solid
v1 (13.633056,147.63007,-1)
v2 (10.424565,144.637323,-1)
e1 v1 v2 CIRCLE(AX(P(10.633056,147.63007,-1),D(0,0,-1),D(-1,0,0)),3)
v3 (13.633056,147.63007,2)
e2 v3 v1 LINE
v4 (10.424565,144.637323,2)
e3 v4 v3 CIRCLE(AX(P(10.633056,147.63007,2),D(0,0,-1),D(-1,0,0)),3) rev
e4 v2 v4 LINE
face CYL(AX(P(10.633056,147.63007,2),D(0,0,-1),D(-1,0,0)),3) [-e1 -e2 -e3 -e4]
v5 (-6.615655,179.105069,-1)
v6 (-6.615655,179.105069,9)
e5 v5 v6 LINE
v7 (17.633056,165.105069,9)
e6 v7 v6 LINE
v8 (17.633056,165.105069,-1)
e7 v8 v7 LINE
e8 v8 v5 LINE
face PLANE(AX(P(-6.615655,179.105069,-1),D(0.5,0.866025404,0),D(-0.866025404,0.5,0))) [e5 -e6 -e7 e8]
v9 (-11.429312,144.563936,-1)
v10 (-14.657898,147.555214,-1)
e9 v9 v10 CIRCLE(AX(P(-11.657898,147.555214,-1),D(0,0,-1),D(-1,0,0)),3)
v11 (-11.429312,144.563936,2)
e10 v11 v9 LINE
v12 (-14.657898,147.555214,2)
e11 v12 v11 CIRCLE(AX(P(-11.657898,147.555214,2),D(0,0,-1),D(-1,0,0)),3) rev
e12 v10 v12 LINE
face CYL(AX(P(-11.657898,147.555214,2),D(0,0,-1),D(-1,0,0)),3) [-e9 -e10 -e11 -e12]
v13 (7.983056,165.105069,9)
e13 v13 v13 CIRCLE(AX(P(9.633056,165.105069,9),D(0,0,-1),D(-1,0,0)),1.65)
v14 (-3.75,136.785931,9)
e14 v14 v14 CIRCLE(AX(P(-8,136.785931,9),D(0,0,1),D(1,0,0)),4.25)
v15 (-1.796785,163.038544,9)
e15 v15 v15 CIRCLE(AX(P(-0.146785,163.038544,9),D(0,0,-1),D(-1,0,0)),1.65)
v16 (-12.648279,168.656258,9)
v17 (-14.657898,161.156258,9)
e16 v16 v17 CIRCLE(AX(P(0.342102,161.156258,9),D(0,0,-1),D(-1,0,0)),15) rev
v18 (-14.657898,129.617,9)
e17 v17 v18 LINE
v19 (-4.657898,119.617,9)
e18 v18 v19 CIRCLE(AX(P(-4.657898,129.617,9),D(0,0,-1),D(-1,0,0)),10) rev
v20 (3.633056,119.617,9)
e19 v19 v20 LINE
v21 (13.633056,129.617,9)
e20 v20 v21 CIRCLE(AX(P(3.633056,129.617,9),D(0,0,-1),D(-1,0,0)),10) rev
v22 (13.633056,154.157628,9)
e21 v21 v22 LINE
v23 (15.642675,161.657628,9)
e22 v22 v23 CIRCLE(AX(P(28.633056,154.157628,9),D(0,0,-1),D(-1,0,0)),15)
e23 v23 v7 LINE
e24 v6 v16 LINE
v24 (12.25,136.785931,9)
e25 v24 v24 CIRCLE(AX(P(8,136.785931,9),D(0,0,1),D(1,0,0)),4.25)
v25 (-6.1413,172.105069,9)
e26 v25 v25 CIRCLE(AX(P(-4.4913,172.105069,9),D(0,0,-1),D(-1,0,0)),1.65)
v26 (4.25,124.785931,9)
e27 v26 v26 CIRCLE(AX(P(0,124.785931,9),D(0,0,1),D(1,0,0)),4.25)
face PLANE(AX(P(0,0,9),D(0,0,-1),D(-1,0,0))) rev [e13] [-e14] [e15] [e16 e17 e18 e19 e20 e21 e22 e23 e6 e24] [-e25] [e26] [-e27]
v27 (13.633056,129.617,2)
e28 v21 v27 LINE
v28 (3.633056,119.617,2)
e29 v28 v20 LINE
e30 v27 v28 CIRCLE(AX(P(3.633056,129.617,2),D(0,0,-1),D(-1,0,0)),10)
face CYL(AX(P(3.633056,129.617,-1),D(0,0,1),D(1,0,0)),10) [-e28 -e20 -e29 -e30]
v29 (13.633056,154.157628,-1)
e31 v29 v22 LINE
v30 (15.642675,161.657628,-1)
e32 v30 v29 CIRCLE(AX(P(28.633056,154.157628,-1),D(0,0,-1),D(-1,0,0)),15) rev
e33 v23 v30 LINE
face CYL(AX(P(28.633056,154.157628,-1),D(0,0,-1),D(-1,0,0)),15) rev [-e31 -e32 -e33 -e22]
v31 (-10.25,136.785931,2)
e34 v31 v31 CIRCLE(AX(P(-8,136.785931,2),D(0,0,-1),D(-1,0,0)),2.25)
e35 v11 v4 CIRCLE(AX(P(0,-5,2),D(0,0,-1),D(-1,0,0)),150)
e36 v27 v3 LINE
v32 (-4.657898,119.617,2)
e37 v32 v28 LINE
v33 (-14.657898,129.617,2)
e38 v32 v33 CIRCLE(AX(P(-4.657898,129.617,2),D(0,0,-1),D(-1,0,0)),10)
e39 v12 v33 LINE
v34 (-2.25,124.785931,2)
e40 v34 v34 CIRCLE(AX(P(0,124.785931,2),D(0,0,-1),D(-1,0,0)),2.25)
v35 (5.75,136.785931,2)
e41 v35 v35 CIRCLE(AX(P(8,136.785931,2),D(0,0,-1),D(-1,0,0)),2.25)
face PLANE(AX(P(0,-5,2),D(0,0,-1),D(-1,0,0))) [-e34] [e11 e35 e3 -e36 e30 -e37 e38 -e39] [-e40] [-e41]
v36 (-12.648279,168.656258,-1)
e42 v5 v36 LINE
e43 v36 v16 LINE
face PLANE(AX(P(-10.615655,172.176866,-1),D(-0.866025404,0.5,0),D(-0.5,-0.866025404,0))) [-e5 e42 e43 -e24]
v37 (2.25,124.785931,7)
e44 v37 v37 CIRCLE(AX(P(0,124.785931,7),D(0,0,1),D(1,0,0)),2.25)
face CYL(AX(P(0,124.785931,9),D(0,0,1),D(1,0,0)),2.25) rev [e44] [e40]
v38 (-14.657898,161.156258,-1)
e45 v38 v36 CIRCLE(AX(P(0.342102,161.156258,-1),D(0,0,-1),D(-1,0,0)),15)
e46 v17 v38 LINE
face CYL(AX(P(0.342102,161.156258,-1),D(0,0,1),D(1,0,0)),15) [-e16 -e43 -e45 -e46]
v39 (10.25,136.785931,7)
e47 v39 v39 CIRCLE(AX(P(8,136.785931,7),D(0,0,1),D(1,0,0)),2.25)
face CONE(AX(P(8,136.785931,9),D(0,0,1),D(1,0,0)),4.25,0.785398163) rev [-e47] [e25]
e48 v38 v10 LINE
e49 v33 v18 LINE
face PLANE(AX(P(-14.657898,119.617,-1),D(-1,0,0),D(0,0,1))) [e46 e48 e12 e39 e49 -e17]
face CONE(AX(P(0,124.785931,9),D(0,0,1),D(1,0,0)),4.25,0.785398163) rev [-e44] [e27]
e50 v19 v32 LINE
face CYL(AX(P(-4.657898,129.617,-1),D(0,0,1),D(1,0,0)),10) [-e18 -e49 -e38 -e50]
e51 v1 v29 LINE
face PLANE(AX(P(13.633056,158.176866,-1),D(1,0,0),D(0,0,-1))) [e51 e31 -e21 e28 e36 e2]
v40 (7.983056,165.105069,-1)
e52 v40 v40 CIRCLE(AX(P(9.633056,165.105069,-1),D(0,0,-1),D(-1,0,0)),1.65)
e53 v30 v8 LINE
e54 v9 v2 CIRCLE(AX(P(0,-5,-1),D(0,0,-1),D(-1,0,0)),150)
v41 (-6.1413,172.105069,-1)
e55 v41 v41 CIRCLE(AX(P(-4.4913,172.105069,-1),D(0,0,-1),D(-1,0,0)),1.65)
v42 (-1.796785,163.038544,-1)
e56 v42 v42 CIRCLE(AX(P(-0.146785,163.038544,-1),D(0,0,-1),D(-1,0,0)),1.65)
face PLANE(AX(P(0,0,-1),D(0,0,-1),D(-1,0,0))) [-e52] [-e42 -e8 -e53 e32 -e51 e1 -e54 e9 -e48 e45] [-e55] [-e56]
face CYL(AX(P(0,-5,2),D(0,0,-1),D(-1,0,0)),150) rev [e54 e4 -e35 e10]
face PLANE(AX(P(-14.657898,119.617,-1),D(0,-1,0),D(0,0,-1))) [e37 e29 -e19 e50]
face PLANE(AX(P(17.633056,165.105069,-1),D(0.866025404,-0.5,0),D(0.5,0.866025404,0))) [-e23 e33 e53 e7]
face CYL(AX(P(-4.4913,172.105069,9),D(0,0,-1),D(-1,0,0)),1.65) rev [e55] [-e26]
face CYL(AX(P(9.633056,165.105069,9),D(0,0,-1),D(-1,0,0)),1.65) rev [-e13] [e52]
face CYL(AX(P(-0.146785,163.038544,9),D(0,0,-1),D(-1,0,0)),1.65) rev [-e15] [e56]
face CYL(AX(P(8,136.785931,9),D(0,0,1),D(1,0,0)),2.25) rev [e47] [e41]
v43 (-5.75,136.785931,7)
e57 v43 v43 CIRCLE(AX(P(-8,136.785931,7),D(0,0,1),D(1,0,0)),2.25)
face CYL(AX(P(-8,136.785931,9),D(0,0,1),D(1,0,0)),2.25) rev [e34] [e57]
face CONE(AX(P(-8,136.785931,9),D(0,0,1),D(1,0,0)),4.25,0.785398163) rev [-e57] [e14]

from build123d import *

# Parameters (mm, degrees)
BOSS_EXTRUDE1_DEPTH                                 = 9
BOSS_EXTRUDE1_DEPTH_BACK                            = 1
CUT_EXTRUDE1_DEPTH                                  = 3
CSK_FOR_M4_COUNTERSUNK_FLAT_HEAD_SCREW2_D           = 4.5
CSK_FOR_M4_COUNTERSUNK_FLAT_HEAD_SCREW2_CSINK_D     = 8.5
CSK_FOR_M4_COUNTERSUNK_FLAT_HEAD_SCREW2_CSINK_ANGLE = 90
FILLET1_R                                           = 15
FILLET2_R                                           = 10
FILLET3_R                                           = 3
SKETCH12_R                                          = 1.65
CUT_EXTRUDE2_DEPTH                                  = 181.248579312


with BuildPart() as part:
    # Sketch1 → Boss-Extrude1 (new, two sides: drawn at the far end of the back side and taken through both)
    with BuildSketch(Plane.XY.offset(-BOSS_EXTRUDE1_DEPTH_BACK)):
        Polygon((-14.65789802, 119.616999761), (13.633055873, 119.616999761), (13.633055873, 139.616999761), (13.633055873, 158.176865611), (17.633055873, 165.105068841), (-6.615655433, 179.105068841), (-10.615655433, 172.176865611), (-14.65789802, 165.175496074), (-14.65789802, 158.176865611), (-14.65789802, 139.616999761), align=None)
    extrude(amount=BOSS_EXTRUDE1_DEPTH + BOSS_EXTRUDE1_DEPTH_BACK)

    # Sketch3 → Cut-Extrude1 (cut)
    with BuildSketch(Plane(origin=(0, 0, -1), x_dir=(-1, 0, 0), z_dir=(0, 0, -1))):
        with BuildLine():
            Line((-15, 144.248115566), (-15, 114.785930714))
            Line((-15, 114.785930714), (15, 114.785930714))
            Line((15, 114.785930714), (15, 144.248115566))
            ThreePointArc((15, 144.248115566), (0, 145), (-15, 144.248115566))
        make_face()
    extrude(amount=-CUT_EXTRUDE1_DEPTH, mode=Mode.SUBTRACT)

    # CSK for M4 Countersunk Flat Head Screw2 (through all)
    with Locations(Plane.XY.offset(9)):
        with Locations((0, 0), (8, 136.785930714), (-8, 136.785930714), (0, 124.785930714)):
            CounterSinkHole(CSK_FOR_M4_COUNTERSUNK_FLAT_HEAD_SCREW2_D / 2, CSK_FOR_M4_COUNTERSUNK_FLAT_HEAD_SCREW2_CSINK_D / 2, counter_sink_angle=CSK_FOR_M4_COUNTERSUNK_FLAT_HEAD_SCREW2_CSINK_ANGLE)

    # Fillet1
    fillet1_edges = [part.edges().sort_by_distance(p)[0] for p in [
        (-14.65789802, 165.175496074, 4),
        (13.633055873, 158.176865611, 4),
    ]]
    fillet(fillet1_edges, radius=FILLET1_R)

    # Fillet2
    fillet2_edges = [part.edges().sort_by_distance(p)[0] for p in [
        (13.633055873, 119.616999761, 5.5),
        (-14.65789802, 119.616999761, 5.5),
    ]]
    fillet(fillet2_edges, radius=FILLET2_R)

    # Fillet3
    fillet3_edges = [part.edges().sort_by_distance(p)[0] for p in [
        (-14.65789802, 144.282102161, 0.5),
        (13.633055873, 144.379181239, 0.5),
    ]]
    fillet(fillet3_edges, radius=FILLET3_R)

    # Sketch12 → Cut-Extrude2 (cut, through all)
    with BuildSketch(Plane(origin=(0, 0, -1), x_dir=(-1, 0, 0), z_dir=(0, 0, -1))):
        with Locations((4.49129978, 172.105068841)):
            Circle(SKETCH12_R)
        with Locations((-9.633055873, 165.105068841)):
            Circle(SKETCH12_R)
        with Locations((0.146785414, 163.038543864)):
            Circle(SKETCH12_R)
    extrude(amount=-CUT_EXTRUDE2_DEPTH, mode=Mode.SUBTRACT)


solid = part.part
